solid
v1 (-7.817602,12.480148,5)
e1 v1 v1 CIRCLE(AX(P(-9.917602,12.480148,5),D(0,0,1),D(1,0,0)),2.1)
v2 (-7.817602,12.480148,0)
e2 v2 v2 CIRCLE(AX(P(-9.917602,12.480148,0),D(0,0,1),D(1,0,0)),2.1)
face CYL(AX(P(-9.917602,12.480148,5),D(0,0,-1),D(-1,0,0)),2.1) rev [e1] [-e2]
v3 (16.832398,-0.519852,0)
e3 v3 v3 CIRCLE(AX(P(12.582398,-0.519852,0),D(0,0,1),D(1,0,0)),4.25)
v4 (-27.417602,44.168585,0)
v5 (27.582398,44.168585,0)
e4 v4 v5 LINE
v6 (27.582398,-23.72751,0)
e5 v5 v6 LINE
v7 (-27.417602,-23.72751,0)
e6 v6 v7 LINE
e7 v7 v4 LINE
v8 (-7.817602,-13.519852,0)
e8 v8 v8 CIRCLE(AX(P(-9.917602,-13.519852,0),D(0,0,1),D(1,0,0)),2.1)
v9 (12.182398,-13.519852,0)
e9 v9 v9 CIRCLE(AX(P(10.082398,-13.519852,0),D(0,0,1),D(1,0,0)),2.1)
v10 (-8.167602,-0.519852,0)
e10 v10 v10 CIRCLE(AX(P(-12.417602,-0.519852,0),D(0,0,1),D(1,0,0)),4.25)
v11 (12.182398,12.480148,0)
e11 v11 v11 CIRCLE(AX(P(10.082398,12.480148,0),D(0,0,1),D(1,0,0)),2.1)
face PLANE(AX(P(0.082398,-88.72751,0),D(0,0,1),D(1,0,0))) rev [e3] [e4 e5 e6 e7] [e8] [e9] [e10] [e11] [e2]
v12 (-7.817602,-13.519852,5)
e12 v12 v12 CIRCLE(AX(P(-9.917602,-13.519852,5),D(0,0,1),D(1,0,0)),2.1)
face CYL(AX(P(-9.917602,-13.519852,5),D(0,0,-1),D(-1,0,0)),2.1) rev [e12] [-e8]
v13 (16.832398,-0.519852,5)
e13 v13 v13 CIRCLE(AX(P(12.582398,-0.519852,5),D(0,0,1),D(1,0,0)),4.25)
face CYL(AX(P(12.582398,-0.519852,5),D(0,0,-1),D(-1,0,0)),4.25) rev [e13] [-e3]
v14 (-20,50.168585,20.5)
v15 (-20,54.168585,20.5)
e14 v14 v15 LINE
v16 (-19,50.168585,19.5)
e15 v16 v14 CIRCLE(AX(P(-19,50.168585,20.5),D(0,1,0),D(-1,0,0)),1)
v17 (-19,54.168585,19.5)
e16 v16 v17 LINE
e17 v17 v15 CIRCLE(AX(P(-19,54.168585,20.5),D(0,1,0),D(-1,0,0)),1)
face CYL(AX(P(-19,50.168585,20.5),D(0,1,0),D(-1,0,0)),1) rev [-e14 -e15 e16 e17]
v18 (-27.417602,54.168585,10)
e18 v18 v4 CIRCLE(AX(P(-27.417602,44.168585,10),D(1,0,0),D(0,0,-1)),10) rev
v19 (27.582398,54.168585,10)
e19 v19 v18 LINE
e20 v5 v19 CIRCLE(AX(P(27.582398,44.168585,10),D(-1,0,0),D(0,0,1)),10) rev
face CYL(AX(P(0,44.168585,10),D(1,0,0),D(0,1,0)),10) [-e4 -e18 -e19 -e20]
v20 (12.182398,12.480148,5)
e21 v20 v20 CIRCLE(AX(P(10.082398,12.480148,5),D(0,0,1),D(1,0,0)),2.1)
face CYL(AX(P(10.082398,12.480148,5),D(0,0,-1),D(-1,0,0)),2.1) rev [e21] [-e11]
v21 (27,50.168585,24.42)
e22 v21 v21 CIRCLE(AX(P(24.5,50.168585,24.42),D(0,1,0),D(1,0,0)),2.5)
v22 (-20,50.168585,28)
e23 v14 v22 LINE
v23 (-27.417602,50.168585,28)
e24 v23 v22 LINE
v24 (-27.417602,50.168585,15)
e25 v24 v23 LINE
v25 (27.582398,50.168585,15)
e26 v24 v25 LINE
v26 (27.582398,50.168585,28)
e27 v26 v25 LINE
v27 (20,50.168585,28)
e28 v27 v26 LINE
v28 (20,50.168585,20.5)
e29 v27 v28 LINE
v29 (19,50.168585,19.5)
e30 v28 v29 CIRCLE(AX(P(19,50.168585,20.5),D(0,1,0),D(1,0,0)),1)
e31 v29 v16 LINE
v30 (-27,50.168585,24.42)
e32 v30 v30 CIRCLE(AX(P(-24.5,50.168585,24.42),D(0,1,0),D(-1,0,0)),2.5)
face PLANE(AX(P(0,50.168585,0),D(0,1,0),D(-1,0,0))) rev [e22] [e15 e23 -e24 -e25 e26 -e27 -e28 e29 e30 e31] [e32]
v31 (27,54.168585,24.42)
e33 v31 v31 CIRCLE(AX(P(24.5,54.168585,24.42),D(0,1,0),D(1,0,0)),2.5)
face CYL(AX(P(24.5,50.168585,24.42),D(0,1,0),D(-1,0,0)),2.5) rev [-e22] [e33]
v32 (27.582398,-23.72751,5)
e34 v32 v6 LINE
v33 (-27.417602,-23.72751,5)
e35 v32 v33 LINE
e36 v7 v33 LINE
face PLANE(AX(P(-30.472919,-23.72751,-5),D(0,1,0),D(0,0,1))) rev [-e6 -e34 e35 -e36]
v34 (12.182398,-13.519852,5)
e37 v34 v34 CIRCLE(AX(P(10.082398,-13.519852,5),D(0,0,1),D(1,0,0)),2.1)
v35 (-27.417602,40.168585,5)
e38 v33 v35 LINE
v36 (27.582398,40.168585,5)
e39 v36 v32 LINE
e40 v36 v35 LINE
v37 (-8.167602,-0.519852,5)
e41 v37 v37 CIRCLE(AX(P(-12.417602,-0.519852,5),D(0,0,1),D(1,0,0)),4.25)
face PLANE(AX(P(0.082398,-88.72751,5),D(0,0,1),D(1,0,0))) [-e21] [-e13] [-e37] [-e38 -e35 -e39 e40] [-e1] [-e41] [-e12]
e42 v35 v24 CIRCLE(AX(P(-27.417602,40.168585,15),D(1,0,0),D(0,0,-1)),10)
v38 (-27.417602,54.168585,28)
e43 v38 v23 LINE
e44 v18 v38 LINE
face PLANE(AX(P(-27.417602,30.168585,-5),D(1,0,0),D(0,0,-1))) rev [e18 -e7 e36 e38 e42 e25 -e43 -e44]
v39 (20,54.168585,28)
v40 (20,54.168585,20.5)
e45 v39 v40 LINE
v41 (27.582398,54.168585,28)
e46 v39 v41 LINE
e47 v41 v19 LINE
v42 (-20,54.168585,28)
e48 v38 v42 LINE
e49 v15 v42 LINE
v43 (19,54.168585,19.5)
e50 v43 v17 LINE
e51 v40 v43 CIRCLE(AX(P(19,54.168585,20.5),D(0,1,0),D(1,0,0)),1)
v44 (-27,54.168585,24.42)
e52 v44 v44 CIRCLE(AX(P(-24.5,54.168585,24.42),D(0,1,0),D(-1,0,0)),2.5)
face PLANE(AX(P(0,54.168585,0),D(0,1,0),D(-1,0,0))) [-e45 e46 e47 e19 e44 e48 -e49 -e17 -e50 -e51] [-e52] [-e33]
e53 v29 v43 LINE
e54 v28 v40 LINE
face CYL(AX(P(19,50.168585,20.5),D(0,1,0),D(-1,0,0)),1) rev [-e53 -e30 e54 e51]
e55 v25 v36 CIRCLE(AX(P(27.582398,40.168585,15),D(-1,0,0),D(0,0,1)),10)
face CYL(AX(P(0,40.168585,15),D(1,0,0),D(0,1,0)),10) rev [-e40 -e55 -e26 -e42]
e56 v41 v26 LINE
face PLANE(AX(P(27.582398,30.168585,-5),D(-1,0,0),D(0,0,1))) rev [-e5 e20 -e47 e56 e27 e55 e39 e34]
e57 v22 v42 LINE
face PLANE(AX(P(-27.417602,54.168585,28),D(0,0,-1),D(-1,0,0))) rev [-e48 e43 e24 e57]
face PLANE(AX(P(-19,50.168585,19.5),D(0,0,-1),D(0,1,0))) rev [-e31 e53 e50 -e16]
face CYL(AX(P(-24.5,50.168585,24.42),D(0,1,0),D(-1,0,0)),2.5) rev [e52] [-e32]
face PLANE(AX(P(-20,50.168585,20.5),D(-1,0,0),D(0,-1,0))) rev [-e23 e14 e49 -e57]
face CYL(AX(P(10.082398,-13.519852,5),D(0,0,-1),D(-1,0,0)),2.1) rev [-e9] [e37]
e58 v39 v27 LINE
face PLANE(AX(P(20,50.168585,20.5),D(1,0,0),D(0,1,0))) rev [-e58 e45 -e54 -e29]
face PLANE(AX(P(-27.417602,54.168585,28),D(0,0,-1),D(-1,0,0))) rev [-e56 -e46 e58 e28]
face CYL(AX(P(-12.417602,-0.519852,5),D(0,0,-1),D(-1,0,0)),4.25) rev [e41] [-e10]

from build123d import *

# Parameters (mm, degrees)
SKETCH1_R               = 4.25
SKETCH1_R_2             = 2.1
BOSS_EXTRUDE1_DEPTH     = 5
SKETCH2_W               = 23
SKETCH2_H               = 60
CUT_EXTRUDE1_DEPTH      = 10
FILLET1_R               = 5
FILLET2_R               = 5
ESQUISSE1_W             = 61.110635513
ESQUISSE1_H             = 10.431484261
ENL_V_MAT_EXTRU_1_DEPTH = 10
ESQUISSE5_W             = 55
ESQUISSE5_H             = 5
BOSS_EXTRU_3_DEPTH      = 20
BOSS_EXTRU_3_DEPTH_BACK = 9
ESQUISSE6_W             = 55
ESQUISSE6_H             = 28
BOSS_EXTRU_4_DEPTH      = 4
CONG_2_R                = 10
ESQUISSE11_R            = 2.5
ENL_V_MAT_EXTRU_2_DEPTH = 4


with BuildPart() as part:
    # Sketch1 → Boss-Extrude1 (new body)
    with BuildSketch(Plane.XY):
        with BuildLine():
            Line((-50.417601538, -29.831415105), (-27.417601538, -29.831415105))
            ThreePointArc((-27.417601538, -29.831415105), (0.082398462, -23.727510052), (27.582398462, -29.831415105))
            Line((27.582398462, -29.831415105), (50.582398462, -29.831415105))
            Line((50.582398462, -29.831415105), (50.582398462, 25.168584895))
            ThreePointArc((50.582398462, 25.168584895), (49.117932367, 28.704118801), (45.582398462, 30.168584895))
            Line((45.582398462, 30.168584895), (-45.417601538, 30.168584895))
            ThreePointArc((-45.417601538, 30.168584895), (-48.953135444, 28.704118801), (-50.417601538, 25.168584895))
            Line((-50.417601538, 25.168584895), (-50.417601538, -29.831415105))
        make_face()
        with Locations((12.582398462, -0.519851907)):
            Circle(SKETCH1_R, mode=Mode.SUBTRACT)
        with Locations((10.082398462, -13.519851907)):
            Circle(SKETCH1_R_2, mode=Mode.SUBTRACT)
        with Locations((-9.917601538, -13.519851907)):
            Circle(SKETCH1_R_2, mode=Mode.SUBTRACT)
        with Locations((-12.417601538, -0.519851907)):
            Circle(SKETCH1_R, mode=Mode.SUBTRACT)
        with Locations((-9.917601538, 12.480148093)):
            Circle(SKETCH1_R_2, mode=Mode.SUBTRACT)
        with Locations((10.082398462, 12.480148093)):
            Circle(SKETCH1_R_2, mode=Mode.SUBTRACT)
    extrude(amount=BOSS_EXTRUDE1_DEPTH)

    # Sketch2 → Cut-Extrude1 (cut)
    with BuildSketch(Plane.XY.offset(5)):
        with Locations((-38.917601538, 0.168584895)):
            Rectangle(SKETCH2_W, SKETCH2_H)
        with Locations((39.082398462, 0.168584895)):
            Rectangle(SKETCH2_W, SKETCH2_H)
    extrude(amount=-CUT_EXTRUDE1_DEPTH, mode=Mode.SUBTRACT)

    # Fillet1
    fillet1_edges = [part.edges().sort_by_distance(p)[0] for p in [
        (27.582398462, 30.168584895, 2.5),
    ]]
    fillet(fillet1_edges, radius=FILLET1_R)

    # Fillet2
    fillet2_edges = [part.edges().sort_by_distance(p)[0] for p in [
        (-27.417601538, 30.168584895, 2.5),
    ]]
    fillet(fillet2_edges, radius=FILLET2_R)

    # Esquisse1 → Enlèv. mat.-Extru.1 (cut)
    with BuildSketch(Plane.XY.offset(5)):
        with Locations((0.082398462, -28.943252183)):
            Rectangle(ESQUISSE1_W, ESQUISSE1_H)
    extrude(amount=-ENL_V_MAT_EXTRU_1_DEPTH, mode=Mode.SUBTRACT)

    # Esquisse5 → Boss.-Extru.3 (add, two sides)
    with BuildSketch(Plane(origin=(0, 30.168584895, 0), x_dir=(1, 0, 0), z_dir=(0, 1, 0))) as boss_extru_3_sk:
        with Locations((0.082398462, -2.5)):
            Rectangle(ESQUISSE5_W, ESQUISSE5_H)
    extrude(amount=BOSS_EXTRU_3_DEPTH)
    extrude(boss_extru_3_sk.sketch, amount=-BOSS_EXTRU_3_DEPTH_BACK)

    # Esquisse6 → Boss.-Extru.4 (add)
    with BuildSketch(Plane(origin=(0, 50.168584895, 0), x_dir=(1, 0, 0), z_dir=(0, 1, 0))):
        with Locations((0.082398462, -14)):
            Rectangle(ESQUISSE6_W, ESQUISSE6_H)
    extrude(amount=BOSS_EXTRU_4_DEPTH)

    # Congé2
    cong_2_edges = [part.edges().sort_by_distance(p)[0] for p in [
        (0.082398462, 50.168584895, 5),
        (0.082398462, 54.168584895, 0),
    ]]
    fillet(cong_2_edges, radius=CONG_2_R)

    # Esquisse11 → Enlèv. mat.-Extru.2 (cut)
    with BuildSketch(Plane(origin=(0, 54.168584895, 0), x_dir=(1, 0, 0), z_dir=(0, 1, 0))):
        with Locations((-24.5, -24.42)):
            Circle(ESQUISSE11_R)
        with Locations((24.5, -24.42)):
            Circle(ESQUISSE11_R)
        with BuildLine():
            Line((-19, -19.5), (19, -19.5))
            ThreePointArc((19, -19.5), (19.707106781, -19.792893219), (20, -20.5))
            Line((20, -20.5), (20, -40.5))
            Line((20, -40.5), (-20, -40.5))
            Line((-20, -40.5), (-20, -20.5))
            ThreePointArc((-20, -20.5), (-19.707106781, -19.792893219), (-19, -19.5))
        make_face()
    extrude(amount=-ENL_V_MAT_EXTRU_2_DEPTH, mode=Mode.SUBTRACT)


solid = part.part
